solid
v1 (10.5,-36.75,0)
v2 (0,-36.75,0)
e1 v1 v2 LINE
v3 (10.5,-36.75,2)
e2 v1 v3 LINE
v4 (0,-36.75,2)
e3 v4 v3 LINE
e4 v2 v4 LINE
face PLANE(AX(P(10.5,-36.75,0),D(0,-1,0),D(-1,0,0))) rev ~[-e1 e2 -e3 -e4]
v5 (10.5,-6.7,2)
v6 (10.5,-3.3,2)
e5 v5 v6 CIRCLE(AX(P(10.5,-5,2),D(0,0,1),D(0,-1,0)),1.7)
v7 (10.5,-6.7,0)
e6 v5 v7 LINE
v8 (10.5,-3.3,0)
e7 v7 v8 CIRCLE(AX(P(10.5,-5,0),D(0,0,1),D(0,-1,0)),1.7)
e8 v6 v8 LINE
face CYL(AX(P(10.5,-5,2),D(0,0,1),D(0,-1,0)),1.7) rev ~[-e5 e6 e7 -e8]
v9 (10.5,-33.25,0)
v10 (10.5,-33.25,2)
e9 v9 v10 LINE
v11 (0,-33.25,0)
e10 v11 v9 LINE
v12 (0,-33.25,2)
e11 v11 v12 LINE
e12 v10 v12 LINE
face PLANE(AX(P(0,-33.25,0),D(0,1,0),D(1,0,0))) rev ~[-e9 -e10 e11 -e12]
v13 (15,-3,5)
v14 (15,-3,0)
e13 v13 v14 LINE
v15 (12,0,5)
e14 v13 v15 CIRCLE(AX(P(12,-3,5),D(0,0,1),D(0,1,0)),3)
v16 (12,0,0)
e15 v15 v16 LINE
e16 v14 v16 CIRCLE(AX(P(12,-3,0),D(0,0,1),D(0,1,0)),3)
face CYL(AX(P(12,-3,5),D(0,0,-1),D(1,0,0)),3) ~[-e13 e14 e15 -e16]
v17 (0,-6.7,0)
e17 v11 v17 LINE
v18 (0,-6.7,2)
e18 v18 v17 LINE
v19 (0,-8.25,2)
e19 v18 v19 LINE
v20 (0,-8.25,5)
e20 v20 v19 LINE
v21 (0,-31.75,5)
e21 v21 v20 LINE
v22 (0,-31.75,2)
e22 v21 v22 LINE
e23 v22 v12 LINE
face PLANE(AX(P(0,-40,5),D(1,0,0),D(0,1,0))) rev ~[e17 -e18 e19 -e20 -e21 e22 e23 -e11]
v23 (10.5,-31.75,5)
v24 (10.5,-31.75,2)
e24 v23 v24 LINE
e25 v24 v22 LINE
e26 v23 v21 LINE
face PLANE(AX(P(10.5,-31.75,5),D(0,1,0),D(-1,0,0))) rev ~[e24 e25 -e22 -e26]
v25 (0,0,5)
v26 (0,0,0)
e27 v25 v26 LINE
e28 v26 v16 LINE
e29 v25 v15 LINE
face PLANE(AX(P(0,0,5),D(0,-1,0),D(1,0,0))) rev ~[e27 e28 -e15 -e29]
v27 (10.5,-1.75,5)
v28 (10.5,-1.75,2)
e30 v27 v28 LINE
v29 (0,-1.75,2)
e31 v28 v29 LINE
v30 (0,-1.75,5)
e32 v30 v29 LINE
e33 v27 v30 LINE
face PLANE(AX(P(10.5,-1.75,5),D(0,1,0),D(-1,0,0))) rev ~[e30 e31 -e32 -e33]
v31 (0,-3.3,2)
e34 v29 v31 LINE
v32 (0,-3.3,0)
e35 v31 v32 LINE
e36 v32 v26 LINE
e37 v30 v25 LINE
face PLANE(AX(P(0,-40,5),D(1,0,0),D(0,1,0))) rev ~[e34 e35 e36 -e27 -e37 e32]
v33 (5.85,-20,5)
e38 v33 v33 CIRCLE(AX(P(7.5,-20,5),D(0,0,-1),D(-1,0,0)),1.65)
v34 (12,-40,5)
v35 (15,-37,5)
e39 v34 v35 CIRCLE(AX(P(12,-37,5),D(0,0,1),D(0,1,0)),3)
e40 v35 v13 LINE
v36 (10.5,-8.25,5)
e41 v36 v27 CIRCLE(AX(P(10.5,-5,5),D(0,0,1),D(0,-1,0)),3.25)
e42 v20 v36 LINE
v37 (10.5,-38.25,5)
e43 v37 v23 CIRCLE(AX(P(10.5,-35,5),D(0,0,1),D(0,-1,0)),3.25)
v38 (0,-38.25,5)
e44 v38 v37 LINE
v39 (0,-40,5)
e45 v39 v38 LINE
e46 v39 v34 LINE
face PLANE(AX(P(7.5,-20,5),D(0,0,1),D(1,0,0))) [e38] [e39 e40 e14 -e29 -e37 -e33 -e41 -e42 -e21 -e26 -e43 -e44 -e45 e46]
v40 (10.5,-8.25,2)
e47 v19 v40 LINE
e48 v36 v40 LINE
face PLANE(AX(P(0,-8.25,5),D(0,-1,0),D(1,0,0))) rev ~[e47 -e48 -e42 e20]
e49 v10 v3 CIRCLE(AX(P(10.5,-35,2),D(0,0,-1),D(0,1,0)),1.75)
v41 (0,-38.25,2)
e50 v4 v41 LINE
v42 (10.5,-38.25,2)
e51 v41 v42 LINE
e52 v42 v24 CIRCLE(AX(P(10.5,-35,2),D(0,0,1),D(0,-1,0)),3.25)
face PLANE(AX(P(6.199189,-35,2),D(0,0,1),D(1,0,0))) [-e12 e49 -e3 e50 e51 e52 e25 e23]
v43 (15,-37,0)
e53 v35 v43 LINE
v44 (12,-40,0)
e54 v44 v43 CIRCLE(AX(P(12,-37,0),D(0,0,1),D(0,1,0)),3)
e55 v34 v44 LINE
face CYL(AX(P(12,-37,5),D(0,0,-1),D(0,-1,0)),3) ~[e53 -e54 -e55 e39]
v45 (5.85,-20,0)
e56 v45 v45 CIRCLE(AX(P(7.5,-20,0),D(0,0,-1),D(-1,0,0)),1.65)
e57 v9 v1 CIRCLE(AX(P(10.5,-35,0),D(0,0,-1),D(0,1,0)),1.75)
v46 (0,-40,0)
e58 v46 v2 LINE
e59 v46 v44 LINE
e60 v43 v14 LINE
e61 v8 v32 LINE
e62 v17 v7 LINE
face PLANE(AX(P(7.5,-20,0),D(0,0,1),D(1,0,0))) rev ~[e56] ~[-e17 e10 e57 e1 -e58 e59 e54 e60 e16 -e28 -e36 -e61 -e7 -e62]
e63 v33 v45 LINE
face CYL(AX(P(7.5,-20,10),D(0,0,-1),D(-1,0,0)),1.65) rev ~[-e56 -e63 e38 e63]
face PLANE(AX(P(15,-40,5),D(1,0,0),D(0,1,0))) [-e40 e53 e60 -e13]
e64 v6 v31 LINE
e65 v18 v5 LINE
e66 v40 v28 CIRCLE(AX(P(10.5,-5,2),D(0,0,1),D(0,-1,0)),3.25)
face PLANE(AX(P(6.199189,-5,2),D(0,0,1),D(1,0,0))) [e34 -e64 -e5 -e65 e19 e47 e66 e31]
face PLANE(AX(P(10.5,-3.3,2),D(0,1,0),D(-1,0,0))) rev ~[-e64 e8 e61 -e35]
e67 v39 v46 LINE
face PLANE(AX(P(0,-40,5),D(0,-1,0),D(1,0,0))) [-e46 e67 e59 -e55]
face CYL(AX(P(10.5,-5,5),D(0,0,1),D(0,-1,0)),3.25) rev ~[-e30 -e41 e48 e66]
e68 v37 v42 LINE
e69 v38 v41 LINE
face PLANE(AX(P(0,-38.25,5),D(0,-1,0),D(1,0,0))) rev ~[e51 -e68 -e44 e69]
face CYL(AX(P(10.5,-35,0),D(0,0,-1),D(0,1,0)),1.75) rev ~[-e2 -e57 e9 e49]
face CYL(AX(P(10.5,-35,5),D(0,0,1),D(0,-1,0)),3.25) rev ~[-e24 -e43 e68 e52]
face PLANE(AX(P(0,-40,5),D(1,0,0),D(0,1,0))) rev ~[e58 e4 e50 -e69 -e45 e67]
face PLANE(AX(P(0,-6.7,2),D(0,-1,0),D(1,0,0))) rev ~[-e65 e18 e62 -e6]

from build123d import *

# Parameters (mm, degrees)
SKETCH1_W                 = 15
SKETCH1_H                 = 40
BOSS_EXTRUDE1_DEPTH       = 5
CUT_EXTRUDE1_DEPTH        = 3
CUT_EXTRUDE2_DEPTH        = 3
CUT_EXTRUDE3_DEPTH        = 3
CUT_EXTRUDE4_DEPTH        = 6
F_4_CLEARANCE_HOLE1_D     = 3.3
F_4_CLEARANCE_HOLE1_DEPTH = 5
FILLET1_R                 = 3


with BuildPart() as part:
    # Sketch1 → Boss-Extrude1 (new body)
    with BuildSketch(Plane.XY.offset(5)):
        with Locations((7.5, -20)):
            Rectangle(SKETCH1_W, SKETCH1_H)
    extrude(amount=-BOSS_EXTRUDE1_DEPTH)

    # Sketch2 → Cut-Extrude1 (cut)
    with BuildSketch(Plane.XY.offset(5)):
        with BuildLine():
            Line((0, -8.25), (10.5, -8.25))
            ThreePointArc((10.5, -8.25), (13.75, -5), (10.5, -1.75))
            Line((10.5, -1.75), (0, -1.75))
            Line((0, -1.75), (0, -8.25))
        make_face()
    extrude(amount=-CUT_EXTRUDE1_DEPTH, mode=Mode.SUBTRACT)

    # Sketch3 → Cut-Extrude2 (cut, through all)
    with BuildSketch(Plane.XY.offset(2)):
        with BuildLine():
            Line((0, -3.3), (0, -6.7))
            Line((0, -6.7), (10.5, -6.7))
            ThreePointArc((10.5, -6.7), (12.2, -5), (10.5, -3.3))
            Line((10.5, -3.3), (0, -3.3))
        make_face()
    extrude(amount=-CUT_EXTRUDE2_DEPTH, mode=Mode.SUBTRACT)

    # Sketch4 → Cut-Extrude3 (cut)
    with BuildSketch(Plane.XY.offset(5)):
        with BuildLine():
            Line((0, -38.25), (10.5, -38.25))
            ThreePointArc((10.5, -38.25), (13.75, -35), (10.5, -31.75))
            Line((10.5, -31.75), (0, -31.75))
            Line((0, -31.75), (0, -38.25))
        make_face()
    extrude(amount=-CUT_EXTRUDE3_DEPTH, mode=Mode.SUBTRACT)

    # Sketch5 → Cut-Extrude4 (cut, through all)
    with BuildSketch(Plane(origin=(0, 0, 0), x_dir=(-1, 0, 0), z_dir=(0, 0, -1))):
        with BuildLine():
            Line((0, -36.75), (0, -33.25))
            Line((0, -33.25), (-10.5, -33.25))
            ThreePointArc((-10.5, -33.25), (-12.25, -35), (-10.5, -36.75))
            Line((-10.5, -36.75), (0, -36.75))
        make_face()
    extrude(amount=-CUT_EXTRUDE4_DEPTH, mode=Mode.SUBTRACT)

    # #4 Clearance Hole1
    with Locations(Plane.XY.offset(5)):
        with Locations((7.5, -20)):
            Hole(F_4_CLEARANCE_HOLE1_D / 2, depth=F_4_CLEARANCE_HOLE1_DEPTH)

    # Fillet1
    fillet1_edges = [part.edges().sort_by_distance(p)[0] for p in [
        (15, -40, 2.5),
        (15, 0, 2.5),
    ]]
    fillet(fillet1_edges, radius=FILLET1_R)


solid = part.part
